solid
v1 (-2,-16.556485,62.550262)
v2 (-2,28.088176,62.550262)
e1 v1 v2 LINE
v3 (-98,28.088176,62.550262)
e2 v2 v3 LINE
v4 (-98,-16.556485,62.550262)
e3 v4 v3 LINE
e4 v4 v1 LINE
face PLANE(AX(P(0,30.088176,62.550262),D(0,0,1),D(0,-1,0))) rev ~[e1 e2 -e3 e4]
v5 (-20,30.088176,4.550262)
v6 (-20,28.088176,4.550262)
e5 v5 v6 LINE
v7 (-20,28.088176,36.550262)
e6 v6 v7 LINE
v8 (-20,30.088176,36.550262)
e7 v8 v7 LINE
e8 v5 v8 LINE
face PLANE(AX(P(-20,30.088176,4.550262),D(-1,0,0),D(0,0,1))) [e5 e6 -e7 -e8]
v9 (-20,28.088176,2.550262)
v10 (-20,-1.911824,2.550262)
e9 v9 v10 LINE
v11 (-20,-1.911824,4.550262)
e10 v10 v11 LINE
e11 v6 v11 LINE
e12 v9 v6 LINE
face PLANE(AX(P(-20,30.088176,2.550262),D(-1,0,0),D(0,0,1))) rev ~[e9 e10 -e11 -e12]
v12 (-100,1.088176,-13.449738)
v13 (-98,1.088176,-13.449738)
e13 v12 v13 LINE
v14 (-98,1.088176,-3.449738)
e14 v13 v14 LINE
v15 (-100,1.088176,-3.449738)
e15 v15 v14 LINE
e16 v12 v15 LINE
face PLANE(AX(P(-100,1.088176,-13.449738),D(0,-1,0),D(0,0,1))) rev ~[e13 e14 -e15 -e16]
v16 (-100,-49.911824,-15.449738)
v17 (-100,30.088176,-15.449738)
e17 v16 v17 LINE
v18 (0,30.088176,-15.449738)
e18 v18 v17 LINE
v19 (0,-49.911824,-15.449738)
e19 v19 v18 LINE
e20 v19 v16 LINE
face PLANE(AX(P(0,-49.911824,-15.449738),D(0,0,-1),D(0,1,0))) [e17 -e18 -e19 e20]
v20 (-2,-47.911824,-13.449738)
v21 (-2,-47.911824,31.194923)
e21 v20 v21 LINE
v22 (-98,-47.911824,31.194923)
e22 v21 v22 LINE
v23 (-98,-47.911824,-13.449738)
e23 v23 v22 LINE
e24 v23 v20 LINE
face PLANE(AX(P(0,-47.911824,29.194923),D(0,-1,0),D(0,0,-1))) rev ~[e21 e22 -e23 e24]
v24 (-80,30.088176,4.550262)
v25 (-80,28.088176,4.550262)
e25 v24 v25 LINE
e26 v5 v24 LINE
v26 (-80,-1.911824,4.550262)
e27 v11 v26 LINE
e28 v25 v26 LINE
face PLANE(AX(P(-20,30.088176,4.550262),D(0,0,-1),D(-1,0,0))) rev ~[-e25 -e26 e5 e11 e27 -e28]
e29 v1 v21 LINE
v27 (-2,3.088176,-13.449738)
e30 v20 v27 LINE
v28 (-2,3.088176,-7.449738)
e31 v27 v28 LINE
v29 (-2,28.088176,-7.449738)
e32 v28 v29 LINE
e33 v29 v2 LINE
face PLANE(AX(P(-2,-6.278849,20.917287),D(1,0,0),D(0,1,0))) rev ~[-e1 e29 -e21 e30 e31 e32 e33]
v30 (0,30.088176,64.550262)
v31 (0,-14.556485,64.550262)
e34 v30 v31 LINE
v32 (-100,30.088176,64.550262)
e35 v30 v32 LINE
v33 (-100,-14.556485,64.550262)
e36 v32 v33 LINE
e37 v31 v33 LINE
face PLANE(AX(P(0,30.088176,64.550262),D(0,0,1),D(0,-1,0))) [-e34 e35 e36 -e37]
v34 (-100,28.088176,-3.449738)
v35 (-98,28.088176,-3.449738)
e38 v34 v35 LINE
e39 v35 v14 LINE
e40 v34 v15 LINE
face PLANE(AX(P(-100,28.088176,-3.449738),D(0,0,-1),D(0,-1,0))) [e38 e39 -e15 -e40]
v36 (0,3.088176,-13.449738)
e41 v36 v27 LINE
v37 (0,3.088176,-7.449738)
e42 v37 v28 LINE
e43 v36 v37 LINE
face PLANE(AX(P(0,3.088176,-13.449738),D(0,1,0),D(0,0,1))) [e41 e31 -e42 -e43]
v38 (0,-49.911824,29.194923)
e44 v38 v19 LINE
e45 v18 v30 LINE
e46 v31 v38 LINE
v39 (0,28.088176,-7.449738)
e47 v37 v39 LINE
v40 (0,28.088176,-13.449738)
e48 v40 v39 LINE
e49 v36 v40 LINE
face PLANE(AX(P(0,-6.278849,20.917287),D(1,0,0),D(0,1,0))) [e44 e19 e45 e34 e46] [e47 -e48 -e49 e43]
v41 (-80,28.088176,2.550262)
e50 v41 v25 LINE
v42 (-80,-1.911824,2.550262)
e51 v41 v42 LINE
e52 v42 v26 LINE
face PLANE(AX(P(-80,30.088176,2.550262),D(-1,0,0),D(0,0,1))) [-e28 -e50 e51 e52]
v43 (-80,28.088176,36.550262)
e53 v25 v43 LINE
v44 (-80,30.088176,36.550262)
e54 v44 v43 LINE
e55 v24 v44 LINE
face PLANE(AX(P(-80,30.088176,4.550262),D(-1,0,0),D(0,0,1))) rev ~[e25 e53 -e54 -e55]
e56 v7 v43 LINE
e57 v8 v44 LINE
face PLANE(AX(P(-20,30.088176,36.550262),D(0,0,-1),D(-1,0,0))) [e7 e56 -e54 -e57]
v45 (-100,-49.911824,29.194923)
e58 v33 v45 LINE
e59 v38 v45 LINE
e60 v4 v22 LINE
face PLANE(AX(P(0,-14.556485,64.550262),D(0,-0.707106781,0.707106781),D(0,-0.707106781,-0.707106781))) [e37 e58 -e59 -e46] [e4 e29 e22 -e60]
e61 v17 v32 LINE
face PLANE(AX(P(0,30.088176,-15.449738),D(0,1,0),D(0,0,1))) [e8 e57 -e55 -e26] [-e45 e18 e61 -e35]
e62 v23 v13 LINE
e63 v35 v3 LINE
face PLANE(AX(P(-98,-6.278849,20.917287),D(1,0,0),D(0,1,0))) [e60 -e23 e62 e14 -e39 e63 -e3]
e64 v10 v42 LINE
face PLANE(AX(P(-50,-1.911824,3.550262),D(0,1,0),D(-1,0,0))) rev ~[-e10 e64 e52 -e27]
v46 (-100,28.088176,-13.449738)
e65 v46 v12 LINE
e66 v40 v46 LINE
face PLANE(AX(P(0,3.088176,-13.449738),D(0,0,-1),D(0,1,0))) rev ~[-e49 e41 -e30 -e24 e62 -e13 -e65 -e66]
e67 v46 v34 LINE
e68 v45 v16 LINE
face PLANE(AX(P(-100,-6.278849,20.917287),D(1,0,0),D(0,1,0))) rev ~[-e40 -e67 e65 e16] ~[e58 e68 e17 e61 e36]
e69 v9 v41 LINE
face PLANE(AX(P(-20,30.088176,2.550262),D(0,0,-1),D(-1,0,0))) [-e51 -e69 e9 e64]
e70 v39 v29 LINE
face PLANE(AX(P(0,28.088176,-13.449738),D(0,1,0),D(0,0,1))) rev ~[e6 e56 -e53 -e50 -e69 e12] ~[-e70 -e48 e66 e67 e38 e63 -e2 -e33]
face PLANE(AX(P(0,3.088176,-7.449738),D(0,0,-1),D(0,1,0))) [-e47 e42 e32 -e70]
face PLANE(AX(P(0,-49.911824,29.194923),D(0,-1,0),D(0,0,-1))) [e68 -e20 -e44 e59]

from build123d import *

# Parameters (mm, degrees)
F0_W     = 25
F0_H     = 6
F1_DEPTH = 100
F2_T     = -2
F3_DEPTH = 2
F4_W     = 27
F4_H     = 10
F5_DEPTH = 2
F6_W     = 60
F6_H     = 32
F7_DEPTH = 2
F6_H_2   = 2
F8_DEPTH = 32


with BuildPart() as f1:
    # F0 (on Right) → F1 (new body)
    with BuildSketch(Plane.YZ):
        Polygon((-49.9118241506, 29.1949231178), (-49.9118241506, -15.4497378229), (30.0881758494, -15.4497378229), (30.0881758494, 64.5502621771), (-14.5564850913, 64.5502621771), align=None)
        with Locations((15.5881758494, -10.4497378229)):
            Rectangle(F0_W, F0_H, mode=Mode.SUBTRACT)
        with Locations((15.5881758494, -10.4497378229)):
            Rectangle(F0_W, F0_H)
    extrude(amount=-F1_DEPTH)

    # F2
    f2_openings = [f1.faces().sort_by_distance(p)[0] for p in [
        (-50, -32.234155, 46.872593),
    ]]
    offset(amount=F2_T, openings=f2_openings)

    # F0 (on Right) → F3 (cut)
    with BuildSketch(Plane.YZ):
        with Locations((15.5881758494, -10.4497378229)):
            Rectangle(F0_W, F0_H)
    extrude(amount=-F3_DEPTH, mode=Mode.SUBTRACT)

    # F4 (on face) → F5 (cut)
    with BuildSketch(Plane(origin=(-100, 0, 0), x_dir=(0, -1, 0), z_dir=(-1, 0, 0))):
        with Locations((-14.5881758494, -8.4497378229)):
            Rectangle(F4_W, F4_H)
    extrude(amount=-F5_DEPTH, mode=Mode.SUBTRACT)

    # F6 (on face) → F7 (cut)
    with BuildSketch(Plane(origin=(0, 30.0881758494, 0), x_dir=(-1, 0, 0), z_dir=(0, 1, 0))):
        with Locations((50, 20.5502621771)):
            Rectangle(F6_W, F6_H)
    extrude(amount=-F7_DEPTH, mode=Mode.SUBTRACT)

    # F6 (on face) → F8 (join)
    with BuildSketch(Plane(origin=(0, 30.0881758494, 0), x_dir=(-1, 0, 0), z_dir=(0, 1, 0))):
        with Locations((50, 3.5502621771)):
            Rectangle(F6_W, F6_H_2)
    extrude(amount=-F8_DEPTH)


solid = f1.part
